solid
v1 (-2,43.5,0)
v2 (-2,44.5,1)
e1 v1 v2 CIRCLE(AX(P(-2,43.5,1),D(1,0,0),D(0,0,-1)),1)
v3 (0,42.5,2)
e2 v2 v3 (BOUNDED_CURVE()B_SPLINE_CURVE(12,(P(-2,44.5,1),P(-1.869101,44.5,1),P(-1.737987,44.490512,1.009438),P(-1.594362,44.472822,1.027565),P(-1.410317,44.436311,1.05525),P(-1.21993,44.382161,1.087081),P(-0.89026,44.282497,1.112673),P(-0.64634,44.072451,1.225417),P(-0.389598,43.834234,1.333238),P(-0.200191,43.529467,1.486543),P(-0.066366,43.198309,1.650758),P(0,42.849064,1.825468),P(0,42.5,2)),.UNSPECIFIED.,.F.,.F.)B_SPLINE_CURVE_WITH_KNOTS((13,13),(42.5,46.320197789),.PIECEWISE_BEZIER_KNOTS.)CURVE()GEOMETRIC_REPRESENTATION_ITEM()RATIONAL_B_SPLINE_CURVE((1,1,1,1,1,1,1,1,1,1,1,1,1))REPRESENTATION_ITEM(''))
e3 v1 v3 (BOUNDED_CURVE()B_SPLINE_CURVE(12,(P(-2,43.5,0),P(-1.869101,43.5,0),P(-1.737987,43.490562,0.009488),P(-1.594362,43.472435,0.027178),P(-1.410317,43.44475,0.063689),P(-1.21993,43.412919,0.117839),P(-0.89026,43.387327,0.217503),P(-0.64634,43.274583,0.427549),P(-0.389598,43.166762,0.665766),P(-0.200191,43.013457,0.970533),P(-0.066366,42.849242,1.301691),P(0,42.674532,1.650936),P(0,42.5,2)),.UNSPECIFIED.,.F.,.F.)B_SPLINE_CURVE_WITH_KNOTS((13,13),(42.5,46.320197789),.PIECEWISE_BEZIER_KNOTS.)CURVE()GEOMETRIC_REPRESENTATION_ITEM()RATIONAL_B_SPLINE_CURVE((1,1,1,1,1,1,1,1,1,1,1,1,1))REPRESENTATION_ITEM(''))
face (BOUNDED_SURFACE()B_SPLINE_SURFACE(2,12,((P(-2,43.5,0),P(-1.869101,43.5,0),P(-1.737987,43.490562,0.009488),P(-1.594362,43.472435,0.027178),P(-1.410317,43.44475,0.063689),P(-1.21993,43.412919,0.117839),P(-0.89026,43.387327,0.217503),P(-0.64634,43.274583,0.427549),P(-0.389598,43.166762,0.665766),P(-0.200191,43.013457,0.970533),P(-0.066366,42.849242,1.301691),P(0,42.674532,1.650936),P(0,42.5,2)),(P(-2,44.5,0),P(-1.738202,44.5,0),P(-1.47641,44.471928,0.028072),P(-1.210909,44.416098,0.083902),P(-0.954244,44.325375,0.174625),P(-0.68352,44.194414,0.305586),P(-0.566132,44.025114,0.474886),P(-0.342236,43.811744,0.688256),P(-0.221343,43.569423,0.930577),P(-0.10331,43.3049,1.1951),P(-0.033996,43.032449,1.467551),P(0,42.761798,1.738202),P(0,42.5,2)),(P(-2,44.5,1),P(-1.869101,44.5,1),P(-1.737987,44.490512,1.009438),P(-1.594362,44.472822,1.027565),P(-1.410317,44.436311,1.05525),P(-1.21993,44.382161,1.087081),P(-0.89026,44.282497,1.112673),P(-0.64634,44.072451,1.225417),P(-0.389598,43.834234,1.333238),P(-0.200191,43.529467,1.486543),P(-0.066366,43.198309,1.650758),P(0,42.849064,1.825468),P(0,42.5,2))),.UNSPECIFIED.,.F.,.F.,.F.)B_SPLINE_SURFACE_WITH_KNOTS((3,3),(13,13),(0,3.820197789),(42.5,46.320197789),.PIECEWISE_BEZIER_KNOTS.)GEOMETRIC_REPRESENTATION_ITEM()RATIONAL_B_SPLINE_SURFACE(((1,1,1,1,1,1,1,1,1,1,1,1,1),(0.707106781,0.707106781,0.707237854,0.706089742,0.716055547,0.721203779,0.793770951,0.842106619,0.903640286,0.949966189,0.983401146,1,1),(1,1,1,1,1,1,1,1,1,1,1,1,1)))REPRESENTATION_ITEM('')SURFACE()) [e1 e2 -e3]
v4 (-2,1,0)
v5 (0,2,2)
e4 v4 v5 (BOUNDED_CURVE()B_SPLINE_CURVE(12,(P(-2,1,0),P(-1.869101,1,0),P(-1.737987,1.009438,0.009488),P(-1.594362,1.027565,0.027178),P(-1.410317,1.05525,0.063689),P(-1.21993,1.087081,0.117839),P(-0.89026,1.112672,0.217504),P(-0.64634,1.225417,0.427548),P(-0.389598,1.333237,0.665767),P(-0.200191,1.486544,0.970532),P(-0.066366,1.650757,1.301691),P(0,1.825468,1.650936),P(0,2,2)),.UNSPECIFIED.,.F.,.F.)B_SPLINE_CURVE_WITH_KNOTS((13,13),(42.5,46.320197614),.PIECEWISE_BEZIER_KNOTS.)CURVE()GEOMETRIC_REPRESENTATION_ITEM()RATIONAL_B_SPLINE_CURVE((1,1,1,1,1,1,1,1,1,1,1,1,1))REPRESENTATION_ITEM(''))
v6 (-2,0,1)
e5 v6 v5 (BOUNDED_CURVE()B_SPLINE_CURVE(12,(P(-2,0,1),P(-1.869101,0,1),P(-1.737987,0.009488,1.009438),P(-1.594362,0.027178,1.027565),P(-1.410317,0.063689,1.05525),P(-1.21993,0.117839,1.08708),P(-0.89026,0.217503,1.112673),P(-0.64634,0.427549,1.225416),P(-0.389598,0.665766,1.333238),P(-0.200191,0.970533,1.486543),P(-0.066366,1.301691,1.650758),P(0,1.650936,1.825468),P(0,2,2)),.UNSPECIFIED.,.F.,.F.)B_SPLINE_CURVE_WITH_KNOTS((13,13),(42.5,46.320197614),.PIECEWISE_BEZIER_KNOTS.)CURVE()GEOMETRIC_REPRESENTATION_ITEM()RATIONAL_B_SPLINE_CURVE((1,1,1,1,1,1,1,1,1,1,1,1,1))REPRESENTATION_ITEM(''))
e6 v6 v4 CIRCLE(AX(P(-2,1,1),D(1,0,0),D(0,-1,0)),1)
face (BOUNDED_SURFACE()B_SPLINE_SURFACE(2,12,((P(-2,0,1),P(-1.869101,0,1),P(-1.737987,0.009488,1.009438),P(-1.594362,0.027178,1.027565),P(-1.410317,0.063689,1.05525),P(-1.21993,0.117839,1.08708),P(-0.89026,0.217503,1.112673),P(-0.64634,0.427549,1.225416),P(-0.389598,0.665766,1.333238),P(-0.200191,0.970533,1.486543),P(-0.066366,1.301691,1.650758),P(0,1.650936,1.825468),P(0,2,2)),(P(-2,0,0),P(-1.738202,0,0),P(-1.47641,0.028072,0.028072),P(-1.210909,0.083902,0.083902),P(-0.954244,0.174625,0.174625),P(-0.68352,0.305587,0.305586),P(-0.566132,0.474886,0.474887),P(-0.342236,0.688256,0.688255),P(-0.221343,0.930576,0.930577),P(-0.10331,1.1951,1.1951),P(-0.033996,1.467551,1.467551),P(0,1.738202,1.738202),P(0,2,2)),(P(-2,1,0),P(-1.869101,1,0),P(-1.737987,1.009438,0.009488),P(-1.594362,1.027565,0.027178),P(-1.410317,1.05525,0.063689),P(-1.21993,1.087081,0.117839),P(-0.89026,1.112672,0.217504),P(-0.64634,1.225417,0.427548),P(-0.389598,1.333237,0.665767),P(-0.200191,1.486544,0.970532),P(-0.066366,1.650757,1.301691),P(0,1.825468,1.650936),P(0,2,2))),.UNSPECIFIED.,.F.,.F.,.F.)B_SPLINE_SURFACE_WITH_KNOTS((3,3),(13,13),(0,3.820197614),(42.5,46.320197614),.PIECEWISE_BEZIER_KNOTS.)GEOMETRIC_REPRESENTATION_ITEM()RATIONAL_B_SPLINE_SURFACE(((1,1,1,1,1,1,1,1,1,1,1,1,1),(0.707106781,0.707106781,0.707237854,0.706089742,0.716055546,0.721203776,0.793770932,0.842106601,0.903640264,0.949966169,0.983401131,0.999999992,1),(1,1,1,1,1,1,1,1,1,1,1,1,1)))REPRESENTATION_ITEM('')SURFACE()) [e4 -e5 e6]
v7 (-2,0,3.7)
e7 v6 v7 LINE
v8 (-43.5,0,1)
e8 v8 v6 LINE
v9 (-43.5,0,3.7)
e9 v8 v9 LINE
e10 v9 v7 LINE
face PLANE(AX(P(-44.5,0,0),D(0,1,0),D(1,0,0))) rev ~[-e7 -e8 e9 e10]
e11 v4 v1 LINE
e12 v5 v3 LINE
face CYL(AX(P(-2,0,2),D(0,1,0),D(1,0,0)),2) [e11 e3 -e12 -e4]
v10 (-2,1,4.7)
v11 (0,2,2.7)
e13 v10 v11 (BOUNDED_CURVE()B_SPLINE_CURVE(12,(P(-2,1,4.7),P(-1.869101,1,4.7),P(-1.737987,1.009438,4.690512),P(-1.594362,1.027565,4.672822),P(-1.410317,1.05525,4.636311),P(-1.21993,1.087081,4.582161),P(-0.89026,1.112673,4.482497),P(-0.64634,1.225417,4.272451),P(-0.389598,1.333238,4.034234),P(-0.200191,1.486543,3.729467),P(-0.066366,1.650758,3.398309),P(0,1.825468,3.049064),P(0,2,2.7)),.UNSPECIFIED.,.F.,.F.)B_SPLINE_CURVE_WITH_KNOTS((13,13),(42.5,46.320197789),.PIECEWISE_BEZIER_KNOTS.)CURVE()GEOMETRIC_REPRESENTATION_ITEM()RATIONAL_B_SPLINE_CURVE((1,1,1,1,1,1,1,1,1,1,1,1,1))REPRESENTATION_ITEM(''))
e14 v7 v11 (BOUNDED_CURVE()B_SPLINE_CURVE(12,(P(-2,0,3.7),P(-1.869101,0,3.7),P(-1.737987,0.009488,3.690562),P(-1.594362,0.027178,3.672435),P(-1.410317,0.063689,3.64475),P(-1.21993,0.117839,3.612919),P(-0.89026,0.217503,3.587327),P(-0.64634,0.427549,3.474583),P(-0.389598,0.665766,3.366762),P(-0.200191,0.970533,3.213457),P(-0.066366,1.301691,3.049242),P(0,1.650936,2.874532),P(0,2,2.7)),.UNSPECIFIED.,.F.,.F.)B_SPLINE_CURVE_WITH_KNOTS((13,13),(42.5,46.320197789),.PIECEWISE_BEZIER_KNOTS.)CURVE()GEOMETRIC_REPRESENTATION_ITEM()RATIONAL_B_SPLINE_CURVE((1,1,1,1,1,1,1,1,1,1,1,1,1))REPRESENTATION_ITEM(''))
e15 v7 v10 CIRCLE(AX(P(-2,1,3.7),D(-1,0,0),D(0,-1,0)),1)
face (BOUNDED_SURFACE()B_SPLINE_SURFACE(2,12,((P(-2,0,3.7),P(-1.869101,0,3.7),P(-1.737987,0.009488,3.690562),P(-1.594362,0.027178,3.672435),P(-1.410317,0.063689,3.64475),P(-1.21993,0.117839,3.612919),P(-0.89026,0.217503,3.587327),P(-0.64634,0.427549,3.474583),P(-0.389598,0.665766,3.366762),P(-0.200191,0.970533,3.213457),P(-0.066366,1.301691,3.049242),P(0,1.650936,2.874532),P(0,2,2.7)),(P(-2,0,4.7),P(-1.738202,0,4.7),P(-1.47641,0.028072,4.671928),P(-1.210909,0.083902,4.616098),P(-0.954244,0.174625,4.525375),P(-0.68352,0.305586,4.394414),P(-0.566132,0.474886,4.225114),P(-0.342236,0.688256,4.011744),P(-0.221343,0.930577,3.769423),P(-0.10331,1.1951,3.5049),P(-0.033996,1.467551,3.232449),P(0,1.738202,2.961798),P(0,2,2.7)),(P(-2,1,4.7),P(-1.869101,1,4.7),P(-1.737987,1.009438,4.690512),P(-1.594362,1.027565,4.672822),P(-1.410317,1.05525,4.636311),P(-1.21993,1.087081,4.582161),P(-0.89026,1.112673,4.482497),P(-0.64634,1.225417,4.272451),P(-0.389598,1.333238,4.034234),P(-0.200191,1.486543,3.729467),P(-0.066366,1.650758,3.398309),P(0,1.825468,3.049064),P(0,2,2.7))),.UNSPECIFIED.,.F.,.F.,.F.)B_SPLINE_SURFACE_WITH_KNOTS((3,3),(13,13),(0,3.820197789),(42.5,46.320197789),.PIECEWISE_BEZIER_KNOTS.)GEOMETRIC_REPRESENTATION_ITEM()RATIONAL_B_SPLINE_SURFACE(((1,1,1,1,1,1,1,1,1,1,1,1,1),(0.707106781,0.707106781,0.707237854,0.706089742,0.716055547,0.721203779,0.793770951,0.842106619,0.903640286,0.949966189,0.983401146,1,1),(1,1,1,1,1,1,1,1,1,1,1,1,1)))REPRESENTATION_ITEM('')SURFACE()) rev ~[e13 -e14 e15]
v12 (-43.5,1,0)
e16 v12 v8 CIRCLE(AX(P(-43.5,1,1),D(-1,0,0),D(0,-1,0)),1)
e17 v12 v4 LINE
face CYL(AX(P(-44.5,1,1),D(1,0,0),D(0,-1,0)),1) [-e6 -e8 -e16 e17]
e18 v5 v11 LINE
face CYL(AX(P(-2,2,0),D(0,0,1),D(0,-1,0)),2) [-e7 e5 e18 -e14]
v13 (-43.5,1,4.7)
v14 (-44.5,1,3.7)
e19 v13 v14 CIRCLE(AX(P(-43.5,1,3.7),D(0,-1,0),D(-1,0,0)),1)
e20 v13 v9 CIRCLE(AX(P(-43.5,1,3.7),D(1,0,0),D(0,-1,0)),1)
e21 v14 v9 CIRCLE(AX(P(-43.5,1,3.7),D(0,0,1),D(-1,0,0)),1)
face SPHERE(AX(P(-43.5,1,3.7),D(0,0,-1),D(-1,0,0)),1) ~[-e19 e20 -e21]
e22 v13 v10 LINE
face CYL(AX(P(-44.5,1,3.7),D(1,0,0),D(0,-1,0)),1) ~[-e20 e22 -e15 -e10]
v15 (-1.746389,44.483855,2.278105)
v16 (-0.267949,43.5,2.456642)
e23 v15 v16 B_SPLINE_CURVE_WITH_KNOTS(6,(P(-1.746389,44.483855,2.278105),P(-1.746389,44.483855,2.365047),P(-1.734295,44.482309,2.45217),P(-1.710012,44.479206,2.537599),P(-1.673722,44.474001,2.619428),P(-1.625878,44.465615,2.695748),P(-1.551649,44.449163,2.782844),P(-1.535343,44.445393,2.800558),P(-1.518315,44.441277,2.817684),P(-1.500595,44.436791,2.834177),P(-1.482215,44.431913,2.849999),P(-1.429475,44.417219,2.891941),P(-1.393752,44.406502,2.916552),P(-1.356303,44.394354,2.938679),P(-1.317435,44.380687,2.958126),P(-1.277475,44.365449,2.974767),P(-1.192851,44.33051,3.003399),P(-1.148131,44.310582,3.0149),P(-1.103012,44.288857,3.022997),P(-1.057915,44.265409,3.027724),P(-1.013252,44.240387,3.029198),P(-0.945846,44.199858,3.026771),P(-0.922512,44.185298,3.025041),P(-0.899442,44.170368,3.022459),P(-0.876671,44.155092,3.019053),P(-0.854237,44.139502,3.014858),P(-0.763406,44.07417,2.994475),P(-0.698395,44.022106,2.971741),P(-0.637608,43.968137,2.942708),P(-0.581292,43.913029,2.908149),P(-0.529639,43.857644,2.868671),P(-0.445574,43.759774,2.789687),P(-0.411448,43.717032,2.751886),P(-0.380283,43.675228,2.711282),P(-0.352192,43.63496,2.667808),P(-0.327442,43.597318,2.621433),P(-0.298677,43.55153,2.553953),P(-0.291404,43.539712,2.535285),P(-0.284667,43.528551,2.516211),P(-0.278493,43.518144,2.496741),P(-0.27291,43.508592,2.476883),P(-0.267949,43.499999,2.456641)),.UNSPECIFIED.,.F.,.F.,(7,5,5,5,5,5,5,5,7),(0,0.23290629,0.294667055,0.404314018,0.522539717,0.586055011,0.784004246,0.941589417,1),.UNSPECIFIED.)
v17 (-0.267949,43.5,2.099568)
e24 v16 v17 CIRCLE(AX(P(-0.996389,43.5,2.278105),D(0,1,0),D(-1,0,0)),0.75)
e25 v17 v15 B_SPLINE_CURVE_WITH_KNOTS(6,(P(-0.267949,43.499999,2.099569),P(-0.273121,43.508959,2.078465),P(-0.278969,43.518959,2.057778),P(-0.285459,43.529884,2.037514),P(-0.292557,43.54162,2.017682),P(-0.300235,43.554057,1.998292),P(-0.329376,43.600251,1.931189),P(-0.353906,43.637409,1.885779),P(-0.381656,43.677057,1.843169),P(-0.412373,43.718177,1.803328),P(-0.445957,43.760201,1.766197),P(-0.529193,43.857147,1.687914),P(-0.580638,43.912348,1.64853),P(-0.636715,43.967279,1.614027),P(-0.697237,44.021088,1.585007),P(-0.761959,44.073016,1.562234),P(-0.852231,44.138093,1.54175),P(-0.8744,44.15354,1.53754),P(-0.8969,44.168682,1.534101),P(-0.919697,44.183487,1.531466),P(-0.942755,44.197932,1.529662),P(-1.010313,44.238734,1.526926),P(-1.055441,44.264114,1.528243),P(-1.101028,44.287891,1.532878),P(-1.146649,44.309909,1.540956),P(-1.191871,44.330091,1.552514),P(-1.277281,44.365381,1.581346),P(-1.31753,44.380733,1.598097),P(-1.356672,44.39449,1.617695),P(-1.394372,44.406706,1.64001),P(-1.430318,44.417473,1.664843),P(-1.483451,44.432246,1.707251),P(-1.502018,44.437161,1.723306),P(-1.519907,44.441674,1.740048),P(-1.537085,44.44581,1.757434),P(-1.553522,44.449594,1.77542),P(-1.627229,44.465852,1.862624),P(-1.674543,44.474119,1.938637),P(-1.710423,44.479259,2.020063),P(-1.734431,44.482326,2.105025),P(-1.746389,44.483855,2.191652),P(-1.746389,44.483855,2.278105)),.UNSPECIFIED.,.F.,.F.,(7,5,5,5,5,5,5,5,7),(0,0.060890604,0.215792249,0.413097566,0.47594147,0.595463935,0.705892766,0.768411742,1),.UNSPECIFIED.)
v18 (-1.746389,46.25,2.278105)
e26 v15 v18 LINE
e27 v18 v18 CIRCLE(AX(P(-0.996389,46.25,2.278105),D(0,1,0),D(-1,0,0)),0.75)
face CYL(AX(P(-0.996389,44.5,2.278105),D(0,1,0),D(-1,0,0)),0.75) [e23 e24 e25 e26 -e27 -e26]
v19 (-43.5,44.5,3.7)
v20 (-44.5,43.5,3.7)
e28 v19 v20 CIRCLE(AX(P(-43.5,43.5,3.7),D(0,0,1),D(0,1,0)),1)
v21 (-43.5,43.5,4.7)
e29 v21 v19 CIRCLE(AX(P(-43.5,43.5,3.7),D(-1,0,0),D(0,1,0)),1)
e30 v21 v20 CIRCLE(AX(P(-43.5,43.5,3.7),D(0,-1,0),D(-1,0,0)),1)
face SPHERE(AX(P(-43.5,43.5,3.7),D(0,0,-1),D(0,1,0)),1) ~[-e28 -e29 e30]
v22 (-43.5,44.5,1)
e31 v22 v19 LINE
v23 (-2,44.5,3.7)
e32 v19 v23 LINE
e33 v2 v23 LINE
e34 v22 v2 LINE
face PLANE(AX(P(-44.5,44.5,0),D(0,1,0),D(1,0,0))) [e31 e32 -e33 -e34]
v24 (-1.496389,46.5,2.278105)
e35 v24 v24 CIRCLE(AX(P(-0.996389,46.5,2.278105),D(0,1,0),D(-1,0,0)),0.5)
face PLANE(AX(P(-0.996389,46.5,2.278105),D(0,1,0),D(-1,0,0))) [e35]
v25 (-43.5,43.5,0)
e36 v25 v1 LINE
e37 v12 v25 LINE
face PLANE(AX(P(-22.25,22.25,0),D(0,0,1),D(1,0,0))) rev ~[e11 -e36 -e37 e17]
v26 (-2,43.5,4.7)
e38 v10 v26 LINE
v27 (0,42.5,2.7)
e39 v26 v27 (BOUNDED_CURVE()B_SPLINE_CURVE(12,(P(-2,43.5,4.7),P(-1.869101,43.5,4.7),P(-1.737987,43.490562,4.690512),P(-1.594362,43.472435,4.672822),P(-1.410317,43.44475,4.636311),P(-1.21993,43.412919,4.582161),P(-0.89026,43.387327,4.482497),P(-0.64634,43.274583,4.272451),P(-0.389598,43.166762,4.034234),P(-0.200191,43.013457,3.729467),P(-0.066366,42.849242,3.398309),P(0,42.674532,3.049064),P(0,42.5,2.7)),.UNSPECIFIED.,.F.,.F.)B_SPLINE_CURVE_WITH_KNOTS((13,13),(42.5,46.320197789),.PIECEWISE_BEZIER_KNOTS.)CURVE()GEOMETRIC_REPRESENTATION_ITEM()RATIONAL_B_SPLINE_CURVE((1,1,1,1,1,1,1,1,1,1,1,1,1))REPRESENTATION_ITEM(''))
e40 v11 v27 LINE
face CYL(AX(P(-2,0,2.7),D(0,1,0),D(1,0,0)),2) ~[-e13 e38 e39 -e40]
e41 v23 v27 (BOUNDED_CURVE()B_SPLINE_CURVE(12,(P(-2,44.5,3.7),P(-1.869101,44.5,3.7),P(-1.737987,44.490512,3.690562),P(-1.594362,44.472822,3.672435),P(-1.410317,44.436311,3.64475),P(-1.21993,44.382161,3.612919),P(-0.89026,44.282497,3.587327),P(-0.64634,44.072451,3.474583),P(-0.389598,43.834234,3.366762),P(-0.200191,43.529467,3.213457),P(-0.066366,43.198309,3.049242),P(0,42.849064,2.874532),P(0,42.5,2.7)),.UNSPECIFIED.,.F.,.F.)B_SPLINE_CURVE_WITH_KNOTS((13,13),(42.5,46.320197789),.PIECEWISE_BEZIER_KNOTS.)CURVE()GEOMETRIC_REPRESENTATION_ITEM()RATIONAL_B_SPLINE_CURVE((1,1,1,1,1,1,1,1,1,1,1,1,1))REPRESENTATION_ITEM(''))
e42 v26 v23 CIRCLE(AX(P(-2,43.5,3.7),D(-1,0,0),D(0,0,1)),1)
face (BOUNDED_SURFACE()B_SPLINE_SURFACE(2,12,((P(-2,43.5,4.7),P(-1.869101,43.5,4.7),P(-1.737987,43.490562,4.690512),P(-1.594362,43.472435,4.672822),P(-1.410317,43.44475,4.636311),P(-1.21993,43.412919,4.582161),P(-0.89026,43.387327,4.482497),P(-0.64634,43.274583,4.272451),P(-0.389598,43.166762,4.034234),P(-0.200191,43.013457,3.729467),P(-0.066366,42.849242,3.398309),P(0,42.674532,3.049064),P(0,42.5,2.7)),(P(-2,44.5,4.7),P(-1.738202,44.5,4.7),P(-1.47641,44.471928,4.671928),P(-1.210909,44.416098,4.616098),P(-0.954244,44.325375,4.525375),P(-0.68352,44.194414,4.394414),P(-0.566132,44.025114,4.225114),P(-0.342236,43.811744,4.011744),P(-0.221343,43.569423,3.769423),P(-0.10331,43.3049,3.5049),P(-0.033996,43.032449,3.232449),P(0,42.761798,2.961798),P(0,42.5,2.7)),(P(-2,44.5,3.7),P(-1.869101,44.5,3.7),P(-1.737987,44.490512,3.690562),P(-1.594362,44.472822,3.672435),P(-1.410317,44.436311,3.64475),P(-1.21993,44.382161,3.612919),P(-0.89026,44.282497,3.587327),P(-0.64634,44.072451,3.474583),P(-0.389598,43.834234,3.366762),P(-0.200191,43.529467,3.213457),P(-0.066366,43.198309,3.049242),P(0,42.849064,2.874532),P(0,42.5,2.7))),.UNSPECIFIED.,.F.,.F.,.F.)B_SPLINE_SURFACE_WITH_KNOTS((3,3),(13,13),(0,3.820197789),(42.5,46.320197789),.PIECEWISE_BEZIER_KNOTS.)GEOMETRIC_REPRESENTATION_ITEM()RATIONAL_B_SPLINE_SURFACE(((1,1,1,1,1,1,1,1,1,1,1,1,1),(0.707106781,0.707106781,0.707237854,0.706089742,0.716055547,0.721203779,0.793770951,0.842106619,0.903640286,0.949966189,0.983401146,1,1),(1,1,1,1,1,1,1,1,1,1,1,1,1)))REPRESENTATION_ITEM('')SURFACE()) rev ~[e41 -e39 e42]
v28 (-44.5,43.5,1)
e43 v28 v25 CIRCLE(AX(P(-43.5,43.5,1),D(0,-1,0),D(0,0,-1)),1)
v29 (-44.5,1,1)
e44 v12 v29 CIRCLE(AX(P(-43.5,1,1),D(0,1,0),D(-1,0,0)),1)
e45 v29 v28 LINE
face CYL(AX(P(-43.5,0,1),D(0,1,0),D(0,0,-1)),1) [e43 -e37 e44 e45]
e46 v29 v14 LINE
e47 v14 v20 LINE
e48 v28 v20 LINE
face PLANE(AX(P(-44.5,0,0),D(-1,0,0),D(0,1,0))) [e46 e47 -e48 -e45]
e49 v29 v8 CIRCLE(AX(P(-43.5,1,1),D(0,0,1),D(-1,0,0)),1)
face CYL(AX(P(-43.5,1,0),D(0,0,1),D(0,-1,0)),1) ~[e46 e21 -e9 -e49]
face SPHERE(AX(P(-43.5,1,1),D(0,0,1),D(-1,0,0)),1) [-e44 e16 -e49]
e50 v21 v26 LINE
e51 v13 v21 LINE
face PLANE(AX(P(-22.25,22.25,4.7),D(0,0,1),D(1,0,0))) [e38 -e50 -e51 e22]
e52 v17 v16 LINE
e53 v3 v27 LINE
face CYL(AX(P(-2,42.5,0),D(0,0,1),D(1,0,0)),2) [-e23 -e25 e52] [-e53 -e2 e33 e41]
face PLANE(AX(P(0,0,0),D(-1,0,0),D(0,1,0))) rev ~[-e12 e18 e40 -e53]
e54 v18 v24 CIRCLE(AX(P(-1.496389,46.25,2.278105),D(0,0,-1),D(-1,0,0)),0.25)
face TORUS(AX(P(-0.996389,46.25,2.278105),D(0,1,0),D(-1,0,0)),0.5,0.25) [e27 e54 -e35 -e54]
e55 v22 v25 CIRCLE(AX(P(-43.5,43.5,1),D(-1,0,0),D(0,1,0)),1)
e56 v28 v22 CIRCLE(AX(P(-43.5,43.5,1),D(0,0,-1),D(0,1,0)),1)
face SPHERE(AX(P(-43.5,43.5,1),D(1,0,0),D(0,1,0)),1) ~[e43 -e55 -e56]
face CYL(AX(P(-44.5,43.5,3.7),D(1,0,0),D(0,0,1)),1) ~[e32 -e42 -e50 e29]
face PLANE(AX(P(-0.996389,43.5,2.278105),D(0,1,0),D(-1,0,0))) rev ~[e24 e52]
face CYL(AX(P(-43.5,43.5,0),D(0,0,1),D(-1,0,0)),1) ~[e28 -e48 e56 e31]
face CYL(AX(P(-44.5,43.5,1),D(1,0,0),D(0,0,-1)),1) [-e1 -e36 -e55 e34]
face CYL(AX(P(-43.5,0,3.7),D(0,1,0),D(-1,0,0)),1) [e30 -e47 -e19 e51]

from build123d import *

# Parameters (mm, degrees)
SKETCH_W          = 44.5
SKETCH_H          = 44.5
PAD_DEPTH         = 4.7
FILLET_R          = 2
FILLET001_R       = 1
SKETCH001_R       = 0.75
PAD001_DEPTH      = 2
PAD001_DEPTH_BACK = 1
FILLET002_R       = 0.25


with BuildPart() as part:
    # Sketch → Pad (new body)
    with BuildSketch(Plane.XY):
        with Locations((-22.25, 22.25)):
            Rectangle(SKETCH_W, SKETCH_H)
    extrude(amount=PAD_DEPTH)

    # Fillet
    fillet_edges = [part.edges().sort_by_distance(p)[0] for p in [
        (0, 44.5, 2.35),
        (0, 0, 2.35),
        (0, 22.25, 0),
        (0, 22.25, 4.7),
    ]]
    fillet(fillet_edges, radius=FILLET_R)

    # Fillet001
    fillet001_edges = [part.edges().sort_by_distance(p)[0] for p in [
        (-23.25, 44.5, 0),
        (-2, 44.5, 2.35),
        (-44.5, 44.5, 2.35),
        (-23.25, 44.5, 4.7),
        (-44.5, 0, 2.35),
        (-44.5, 22.25, 0),
        (-44.5, 22.25, 4.7),
        (-23.25, 0, 0),
        (-2, 0, 2.35),
        (-23.25, 0, 4.7),
    ]]
    fillet(fillet001_edges, radius=FILLET001_R)

    # Sketch001 (on Face1 of Fillet001) → Pad001 (join, two sides)
    with BuildSketch(Plane(origin=(0, 44.5, 0), x_dir=(-1, 0, 0), z_dir=(0, 1, 0))) as pad001_sk:
        with Locations((0.996389, 2.278105)):
            Circle(SKETCH001_R)
    extrude(amount=PAD001_DEPTH)
    extrude(pad001_sk.sketch, amount=-PAD001_DEPTH_BACK)

    # Fillet002
    fillet002_edges = [part.edges().sort_by_distance(p)[0] for p in [
        (-0.246389, 46.5, 2.278105),
    ]]
    fillet(fillet002_edges, radius=FILLET002_R)


solid = part.part
